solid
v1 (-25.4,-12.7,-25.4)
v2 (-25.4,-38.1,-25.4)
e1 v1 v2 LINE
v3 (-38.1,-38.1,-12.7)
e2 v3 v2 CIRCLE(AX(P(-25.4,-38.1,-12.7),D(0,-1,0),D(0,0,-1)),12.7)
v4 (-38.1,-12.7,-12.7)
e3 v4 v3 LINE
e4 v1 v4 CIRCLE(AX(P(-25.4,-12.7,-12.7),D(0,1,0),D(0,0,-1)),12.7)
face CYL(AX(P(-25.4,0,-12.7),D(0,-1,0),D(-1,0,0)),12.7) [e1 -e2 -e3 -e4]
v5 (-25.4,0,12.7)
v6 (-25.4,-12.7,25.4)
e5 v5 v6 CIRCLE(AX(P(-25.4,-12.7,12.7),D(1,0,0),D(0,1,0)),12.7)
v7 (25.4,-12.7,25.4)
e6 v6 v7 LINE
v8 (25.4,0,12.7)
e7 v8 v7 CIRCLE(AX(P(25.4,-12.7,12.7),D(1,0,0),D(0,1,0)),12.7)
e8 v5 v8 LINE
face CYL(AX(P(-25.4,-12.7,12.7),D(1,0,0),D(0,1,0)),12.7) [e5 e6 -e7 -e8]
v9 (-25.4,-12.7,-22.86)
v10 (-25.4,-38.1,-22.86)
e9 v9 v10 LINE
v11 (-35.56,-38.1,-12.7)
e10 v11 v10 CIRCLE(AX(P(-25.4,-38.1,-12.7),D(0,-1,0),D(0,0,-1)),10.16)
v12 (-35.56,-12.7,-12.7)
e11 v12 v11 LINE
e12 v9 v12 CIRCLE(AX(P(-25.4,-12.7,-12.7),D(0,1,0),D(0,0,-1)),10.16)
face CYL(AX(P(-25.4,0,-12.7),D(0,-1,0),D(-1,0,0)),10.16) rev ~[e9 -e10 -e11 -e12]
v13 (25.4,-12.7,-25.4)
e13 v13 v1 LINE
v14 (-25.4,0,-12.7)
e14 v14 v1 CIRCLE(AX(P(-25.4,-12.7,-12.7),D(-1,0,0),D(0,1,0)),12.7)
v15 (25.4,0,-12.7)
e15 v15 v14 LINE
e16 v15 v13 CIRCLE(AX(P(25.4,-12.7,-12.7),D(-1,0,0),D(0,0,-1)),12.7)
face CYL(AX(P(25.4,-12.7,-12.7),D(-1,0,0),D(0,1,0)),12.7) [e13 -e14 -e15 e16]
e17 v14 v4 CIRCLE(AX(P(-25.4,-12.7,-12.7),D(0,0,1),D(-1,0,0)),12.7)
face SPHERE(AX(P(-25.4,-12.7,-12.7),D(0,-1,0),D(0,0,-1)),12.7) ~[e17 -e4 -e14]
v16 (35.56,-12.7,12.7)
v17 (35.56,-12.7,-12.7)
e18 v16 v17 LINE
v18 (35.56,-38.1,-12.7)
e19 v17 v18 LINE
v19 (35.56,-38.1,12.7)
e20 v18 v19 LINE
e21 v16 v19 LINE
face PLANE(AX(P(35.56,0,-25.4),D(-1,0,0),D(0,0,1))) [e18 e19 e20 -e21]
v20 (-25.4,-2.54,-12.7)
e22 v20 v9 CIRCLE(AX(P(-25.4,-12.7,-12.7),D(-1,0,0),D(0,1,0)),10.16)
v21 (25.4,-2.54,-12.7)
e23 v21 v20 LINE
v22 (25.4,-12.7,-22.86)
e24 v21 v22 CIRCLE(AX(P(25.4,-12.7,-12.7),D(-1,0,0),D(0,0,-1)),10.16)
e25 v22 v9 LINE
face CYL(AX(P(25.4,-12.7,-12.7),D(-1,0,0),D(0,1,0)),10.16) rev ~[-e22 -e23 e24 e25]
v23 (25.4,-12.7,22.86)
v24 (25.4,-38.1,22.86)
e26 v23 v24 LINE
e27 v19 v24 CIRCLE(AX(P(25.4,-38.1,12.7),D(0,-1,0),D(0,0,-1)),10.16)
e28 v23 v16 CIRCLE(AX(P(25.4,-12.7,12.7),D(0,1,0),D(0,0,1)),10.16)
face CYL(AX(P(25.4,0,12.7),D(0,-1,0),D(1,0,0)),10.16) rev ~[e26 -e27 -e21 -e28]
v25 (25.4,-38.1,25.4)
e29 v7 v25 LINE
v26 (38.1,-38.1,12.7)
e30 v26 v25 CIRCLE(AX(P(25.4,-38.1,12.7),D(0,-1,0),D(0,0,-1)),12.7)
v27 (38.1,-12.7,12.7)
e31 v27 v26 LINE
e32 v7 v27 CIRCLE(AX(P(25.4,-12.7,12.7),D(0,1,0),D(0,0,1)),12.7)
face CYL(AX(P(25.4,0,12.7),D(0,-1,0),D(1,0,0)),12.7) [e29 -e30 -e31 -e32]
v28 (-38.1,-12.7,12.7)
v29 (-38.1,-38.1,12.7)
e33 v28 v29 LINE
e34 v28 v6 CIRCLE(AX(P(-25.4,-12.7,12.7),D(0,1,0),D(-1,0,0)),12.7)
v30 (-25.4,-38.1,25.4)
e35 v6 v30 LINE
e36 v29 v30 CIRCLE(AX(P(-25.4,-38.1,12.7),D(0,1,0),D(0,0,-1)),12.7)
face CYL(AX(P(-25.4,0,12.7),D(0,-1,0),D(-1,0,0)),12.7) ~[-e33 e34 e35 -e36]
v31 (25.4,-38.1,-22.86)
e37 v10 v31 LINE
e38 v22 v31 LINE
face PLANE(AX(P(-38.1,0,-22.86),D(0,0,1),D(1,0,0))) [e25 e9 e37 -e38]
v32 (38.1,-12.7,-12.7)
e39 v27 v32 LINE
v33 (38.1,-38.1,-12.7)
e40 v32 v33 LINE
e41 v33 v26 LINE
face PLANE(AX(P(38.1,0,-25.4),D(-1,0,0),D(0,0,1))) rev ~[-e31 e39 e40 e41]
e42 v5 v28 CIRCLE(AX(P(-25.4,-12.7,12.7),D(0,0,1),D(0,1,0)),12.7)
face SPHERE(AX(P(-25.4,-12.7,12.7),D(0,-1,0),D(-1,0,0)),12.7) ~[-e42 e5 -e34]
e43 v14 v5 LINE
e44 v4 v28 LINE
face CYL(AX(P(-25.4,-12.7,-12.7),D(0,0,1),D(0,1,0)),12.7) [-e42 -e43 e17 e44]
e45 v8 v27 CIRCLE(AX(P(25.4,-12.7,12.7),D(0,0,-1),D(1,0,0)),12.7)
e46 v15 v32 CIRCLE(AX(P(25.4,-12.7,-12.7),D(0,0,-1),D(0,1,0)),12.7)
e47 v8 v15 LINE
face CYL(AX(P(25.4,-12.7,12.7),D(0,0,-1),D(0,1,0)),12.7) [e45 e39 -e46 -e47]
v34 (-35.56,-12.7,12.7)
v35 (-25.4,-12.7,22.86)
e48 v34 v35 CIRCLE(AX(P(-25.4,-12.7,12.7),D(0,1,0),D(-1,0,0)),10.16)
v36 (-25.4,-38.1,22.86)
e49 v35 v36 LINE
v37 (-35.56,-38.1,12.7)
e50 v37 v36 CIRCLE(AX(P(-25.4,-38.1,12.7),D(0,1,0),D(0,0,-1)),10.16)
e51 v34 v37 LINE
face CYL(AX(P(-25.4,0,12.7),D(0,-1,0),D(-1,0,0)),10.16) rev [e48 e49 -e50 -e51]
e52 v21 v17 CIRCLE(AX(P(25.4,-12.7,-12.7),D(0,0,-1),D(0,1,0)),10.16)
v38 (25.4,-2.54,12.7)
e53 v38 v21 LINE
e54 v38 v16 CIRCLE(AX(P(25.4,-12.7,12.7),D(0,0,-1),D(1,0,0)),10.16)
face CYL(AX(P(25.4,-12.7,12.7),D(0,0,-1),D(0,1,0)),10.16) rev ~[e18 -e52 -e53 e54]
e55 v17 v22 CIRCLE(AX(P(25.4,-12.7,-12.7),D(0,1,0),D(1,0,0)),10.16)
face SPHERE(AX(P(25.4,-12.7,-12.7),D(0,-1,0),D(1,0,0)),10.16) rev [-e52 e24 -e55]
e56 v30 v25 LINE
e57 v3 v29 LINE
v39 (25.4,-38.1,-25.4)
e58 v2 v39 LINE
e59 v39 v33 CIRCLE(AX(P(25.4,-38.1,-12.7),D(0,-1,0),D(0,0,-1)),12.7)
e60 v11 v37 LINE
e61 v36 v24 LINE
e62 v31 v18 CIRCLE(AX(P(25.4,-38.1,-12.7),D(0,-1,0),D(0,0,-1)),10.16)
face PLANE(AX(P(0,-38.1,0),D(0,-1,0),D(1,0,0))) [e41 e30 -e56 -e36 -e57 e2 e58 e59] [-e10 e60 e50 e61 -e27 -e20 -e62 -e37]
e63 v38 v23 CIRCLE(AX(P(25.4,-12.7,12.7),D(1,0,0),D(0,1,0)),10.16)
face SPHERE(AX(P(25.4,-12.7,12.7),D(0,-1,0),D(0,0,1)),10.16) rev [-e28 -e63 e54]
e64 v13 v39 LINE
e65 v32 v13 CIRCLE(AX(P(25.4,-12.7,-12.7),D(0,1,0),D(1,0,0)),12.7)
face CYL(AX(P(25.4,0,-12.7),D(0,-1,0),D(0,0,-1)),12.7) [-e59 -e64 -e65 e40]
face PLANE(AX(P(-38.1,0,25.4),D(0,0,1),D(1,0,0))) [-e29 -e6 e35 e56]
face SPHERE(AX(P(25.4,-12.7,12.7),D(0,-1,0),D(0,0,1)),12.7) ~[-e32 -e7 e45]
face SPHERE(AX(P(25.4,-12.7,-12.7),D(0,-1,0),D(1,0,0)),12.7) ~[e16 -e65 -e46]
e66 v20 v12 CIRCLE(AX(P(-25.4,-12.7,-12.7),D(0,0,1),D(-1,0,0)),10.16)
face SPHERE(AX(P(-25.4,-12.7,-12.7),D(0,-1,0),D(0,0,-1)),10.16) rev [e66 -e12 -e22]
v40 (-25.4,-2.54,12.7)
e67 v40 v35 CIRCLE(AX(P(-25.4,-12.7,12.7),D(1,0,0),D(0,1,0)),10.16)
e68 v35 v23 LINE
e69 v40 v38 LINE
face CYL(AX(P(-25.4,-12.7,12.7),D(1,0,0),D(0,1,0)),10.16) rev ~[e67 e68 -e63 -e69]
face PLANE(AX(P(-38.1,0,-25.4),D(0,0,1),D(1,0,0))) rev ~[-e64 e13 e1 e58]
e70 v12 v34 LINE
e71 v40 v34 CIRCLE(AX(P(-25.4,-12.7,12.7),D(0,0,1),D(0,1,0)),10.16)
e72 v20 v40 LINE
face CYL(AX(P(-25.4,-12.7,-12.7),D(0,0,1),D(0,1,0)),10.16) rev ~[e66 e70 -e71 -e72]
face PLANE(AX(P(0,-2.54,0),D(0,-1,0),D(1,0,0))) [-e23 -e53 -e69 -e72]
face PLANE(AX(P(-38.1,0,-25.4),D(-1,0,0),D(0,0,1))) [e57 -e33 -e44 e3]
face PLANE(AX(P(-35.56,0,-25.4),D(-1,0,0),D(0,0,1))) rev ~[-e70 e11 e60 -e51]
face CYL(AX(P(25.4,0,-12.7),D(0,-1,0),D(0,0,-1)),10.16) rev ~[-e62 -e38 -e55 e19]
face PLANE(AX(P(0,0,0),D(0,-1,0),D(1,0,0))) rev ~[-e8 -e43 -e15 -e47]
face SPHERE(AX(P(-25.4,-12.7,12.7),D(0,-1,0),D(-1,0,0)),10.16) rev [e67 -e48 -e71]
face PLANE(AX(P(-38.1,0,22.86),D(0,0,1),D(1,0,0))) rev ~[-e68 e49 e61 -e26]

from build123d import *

# Parameters (mm, degrees)
F0_W     = 76.2
F0_H     = 50.8
F1_DEPTH = 38.1
F2_R     = 12.7
F3_R     = 12.7
F4_T     = -2.54


with BuildPart() as f1:
    # F0 (on Front) → F1 (new body)
    with BuildSketch(Plane.XZ):
        Rectangle(F0_W, F0_H)
    extrude(amount=F1_DEPTH)

    # F2
    f2_edges = [f1.edges().sort_by_distance(p)[0] for p in [
        (38.1, -19.05, 25.4),
        (38.1, -19.05, -25.4),
        (-38.1, -19.05, 25.4),
        (-38.1, -19.05, -25.4),
    ]]
    fillet(f2_edges, radius=F2_R)

    # F3
    f3_edges = [f1.edges().sort_by_distance(p)[0] for p in [
        (0, 0, 25.4),
    ]]
    fillet(f3_edges, radius=F3_R)

    # F4
    f4_openings = [f1.faces().sort_by_distance(p)[0] for p in [
        (0, -38.1, 0),
    ]]
    offset(amount=F4_T, openings=f4_openings)


solid = f1.part
